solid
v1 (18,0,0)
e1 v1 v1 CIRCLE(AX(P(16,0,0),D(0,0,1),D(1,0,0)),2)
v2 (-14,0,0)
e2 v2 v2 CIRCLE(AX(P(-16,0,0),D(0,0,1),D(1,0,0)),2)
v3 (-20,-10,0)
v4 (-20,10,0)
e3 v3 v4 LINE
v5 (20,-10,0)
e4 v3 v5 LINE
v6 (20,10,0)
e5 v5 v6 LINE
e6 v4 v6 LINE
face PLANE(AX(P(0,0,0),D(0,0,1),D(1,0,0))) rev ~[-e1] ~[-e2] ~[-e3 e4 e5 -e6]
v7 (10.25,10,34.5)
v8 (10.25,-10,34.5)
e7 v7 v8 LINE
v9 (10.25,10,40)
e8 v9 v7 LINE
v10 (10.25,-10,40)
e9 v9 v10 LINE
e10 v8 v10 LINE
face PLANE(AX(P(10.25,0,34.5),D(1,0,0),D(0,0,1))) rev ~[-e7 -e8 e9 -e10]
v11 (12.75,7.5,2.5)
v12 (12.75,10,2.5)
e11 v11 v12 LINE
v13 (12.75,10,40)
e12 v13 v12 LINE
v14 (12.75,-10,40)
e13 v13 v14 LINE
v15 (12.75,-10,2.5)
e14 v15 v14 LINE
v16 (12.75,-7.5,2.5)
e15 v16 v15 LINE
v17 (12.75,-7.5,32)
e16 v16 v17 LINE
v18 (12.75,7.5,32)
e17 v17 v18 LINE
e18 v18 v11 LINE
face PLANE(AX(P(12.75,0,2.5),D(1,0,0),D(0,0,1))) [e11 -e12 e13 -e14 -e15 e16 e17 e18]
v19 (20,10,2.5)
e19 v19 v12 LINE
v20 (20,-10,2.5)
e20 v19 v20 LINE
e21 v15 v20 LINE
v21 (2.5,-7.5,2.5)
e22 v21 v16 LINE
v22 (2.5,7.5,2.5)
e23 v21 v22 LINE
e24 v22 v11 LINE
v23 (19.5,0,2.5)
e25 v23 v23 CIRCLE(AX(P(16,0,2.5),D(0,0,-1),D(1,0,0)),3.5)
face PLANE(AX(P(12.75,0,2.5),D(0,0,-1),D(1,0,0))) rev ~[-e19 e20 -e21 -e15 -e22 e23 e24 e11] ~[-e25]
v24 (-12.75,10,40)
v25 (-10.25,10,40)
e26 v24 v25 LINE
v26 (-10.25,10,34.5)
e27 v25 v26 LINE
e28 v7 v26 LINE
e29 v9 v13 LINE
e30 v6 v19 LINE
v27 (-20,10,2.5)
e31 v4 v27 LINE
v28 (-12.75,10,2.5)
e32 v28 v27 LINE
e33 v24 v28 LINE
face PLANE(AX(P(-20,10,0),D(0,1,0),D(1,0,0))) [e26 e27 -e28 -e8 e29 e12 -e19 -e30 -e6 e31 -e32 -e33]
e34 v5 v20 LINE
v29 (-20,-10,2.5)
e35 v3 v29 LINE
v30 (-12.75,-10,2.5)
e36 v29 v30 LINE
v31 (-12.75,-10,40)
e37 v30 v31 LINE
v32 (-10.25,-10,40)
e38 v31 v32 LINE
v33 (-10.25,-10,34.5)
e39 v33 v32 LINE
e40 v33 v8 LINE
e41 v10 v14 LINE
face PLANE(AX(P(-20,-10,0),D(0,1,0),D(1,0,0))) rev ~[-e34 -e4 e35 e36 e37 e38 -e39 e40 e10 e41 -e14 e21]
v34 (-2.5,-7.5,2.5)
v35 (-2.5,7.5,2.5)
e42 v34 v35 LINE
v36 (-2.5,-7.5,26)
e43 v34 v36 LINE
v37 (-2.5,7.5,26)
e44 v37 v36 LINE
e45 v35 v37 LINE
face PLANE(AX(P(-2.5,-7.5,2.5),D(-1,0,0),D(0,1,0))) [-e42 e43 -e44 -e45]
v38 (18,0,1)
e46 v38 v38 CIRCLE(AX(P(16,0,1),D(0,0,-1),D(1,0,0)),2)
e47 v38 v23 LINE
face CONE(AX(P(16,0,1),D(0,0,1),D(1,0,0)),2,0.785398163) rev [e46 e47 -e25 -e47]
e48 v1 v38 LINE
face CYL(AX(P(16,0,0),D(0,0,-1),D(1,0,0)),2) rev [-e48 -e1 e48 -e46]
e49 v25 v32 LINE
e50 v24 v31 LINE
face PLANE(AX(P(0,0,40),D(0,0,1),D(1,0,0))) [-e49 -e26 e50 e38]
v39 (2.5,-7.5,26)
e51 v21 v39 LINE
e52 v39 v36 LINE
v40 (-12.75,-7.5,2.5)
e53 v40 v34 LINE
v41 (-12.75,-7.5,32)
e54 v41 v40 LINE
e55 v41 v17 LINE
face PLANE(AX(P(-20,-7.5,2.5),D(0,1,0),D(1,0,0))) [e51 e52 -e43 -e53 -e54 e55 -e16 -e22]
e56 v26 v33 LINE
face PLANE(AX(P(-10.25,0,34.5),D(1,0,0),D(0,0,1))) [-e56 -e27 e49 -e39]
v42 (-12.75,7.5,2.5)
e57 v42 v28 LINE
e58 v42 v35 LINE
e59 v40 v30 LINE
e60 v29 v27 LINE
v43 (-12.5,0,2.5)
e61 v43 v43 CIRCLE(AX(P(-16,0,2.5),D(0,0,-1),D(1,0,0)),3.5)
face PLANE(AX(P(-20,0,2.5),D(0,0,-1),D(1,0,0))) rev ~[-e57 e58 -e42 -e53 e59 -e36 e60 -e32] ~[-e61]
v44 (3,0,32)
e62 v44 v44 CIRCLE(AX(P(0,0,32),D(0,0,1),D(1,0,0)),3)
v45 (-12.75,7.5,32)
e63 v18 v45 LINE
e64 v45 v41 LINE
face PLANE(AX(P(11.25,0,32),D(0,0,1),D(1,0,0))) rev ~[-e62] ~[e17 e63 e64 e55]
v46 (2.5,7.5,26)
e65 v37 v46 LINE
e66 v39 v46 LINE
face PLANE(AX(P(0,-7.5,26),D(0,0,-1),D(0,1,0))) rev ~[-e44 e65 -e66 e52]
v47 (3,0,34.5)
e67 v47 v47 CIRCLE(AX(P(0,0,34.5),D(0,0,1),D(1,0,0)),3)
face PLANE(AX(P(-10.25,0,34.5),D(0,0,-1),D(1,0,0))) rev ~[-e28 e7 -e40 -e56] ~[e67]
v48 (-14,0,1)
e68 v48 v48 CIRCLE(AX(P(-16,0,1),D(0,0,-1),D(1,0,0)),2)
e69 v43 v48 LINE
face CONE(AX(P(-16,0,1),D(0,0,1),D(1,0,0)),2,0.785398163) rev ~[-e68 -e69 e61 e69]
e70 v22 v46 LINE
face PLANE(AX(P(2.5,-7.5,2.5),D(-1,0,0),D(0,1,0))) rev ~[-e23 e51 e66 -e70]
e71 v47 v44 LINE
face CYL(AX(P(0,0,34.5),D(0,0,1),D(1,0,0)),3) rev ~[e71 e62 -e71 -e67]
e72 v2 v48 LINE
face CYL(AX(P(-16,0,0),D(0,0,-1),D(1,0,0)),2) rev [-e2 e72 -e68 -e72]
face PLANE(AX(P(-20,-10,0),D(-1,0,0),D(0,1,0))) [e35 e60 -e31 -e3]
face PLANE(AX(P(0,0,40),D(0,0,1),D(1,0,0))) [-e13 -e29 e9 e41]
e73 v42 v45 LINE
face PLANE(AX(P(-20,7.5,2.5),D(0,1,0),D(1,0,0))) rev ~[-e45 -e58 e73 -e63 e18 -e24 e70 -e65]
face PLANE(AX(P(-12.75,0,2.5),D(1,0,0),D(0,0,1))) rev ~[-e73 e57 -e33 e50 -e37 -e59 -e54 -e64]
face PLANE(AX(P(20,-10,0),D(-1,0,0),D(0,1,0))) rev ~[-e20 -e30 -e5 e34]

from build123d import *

# Parameters (mm, degrees)
F0_W          = 40
F0_H          = 20
F1_DEPTH      = 40
F3_START      = 2.5
F2_W          = 17.5
F2_H          = 15
F3_DEPTH      = 29.5
F4_W          = 20.5
F4_H          = 5.5
F4_W_2        = 7.25
F4_H_2        = 37.5
F5_DEPTH      = 25
F5_DEPTH_BACK = 25
F6_W          = 15
F6_H          = 6
F7_DEPTH      = 25
F7_DEPTH_BACK = 25
F8_R          = 2
F9_DEPTH      = 25
F9_DEPTH_BACK = 25
F10_SIZE      = 1.5
F12_R         = 3
F13_DEPTH     = 3


with BuildPart() as f1:
    # F0 (on Top) → F1 (new body)
    with BuildSketch(Plane.XY):
        Rectangle(F0_W, F0_H)
    extrude(amount=F1_DEPTH)

    # F2 (on Top) → F3 (cut)
    with BuildSketch(Plane.XY.offset(F3_START)):
        with Locations((-11.25, 0)):
            Rectangle(F2_W, F2_H)
        with Locations((11.25, 0)):
            Rectangle(F2_W, F2_H)
    extrude(amount=F3_DEPTH, mode=Mode.SUBTRACT)

    # F4 (on Front) → F5 (cut, two sides)
    with BuildSketch(Plane.XZ) as f5_sk:
        with Locations((0, 37.25)):
            Rectangle(F4_W, F4_H)
        with Locations((-16.375, 21.25)):
            Rectangle(F4_W_2, F4_H_2)
        with Locations((16.375, 21.25)):
            Rectangle(F4_W_2, F4_H_2)
    extrude(amount=-F5_DEPTH, mode=Mode.SUBTRACT)
    extrude(f5_sk.sketch, amount=F5_DEPTH_BACK, mode=Mode.SUBTRACT)

    # F6 (on Right) → F7 (cut, two sides)
    with BuildSketch(Plane.YZ) as f7_sk:
        with Locations((0, 29)):
            Rectangle(F6_W, F6_H)
    extrude(amount=-F7_DEPTH, mode=Mode.SUBTRACT)
    extrude(f7_sk.sketch, amount=F7_DEPTH_BACK, mode=Mode.SUBTRACT)

    # F8 (on Top) → F9 (cut, two sides)
    with BuildSketch(Plane.XY) as f9_sk:
        with Locations((-16, 0)):
            Circle(F8_R)
        with Locations((16, 0)):
            Circle(F8_R)
    extrude(amount=-F9_DEPTH, mode=Mode.SUBTRACT)
    extrude(f9_sk.sketch, amount=F9_DEPTH_BACK, mode=Mode.SUBTRACT)

    # F10
    f10_edges = [f1.edges().sort_by_distance(p)[0] for p in [
        (-18, 0, 2.5),
        (14, 0, 2.5),
    ]]
    chamfer(f10_edges, length=F10_SIZE)

    # F12 (on offset) → F13 (cut)
    with BuildSketch(Plane.XY.offset(34.5)):
        Circle(F12_R)
    extrude(amount=-F13_DEPTH, mode=Mode.SUBTRACT)


solid = f1.part
